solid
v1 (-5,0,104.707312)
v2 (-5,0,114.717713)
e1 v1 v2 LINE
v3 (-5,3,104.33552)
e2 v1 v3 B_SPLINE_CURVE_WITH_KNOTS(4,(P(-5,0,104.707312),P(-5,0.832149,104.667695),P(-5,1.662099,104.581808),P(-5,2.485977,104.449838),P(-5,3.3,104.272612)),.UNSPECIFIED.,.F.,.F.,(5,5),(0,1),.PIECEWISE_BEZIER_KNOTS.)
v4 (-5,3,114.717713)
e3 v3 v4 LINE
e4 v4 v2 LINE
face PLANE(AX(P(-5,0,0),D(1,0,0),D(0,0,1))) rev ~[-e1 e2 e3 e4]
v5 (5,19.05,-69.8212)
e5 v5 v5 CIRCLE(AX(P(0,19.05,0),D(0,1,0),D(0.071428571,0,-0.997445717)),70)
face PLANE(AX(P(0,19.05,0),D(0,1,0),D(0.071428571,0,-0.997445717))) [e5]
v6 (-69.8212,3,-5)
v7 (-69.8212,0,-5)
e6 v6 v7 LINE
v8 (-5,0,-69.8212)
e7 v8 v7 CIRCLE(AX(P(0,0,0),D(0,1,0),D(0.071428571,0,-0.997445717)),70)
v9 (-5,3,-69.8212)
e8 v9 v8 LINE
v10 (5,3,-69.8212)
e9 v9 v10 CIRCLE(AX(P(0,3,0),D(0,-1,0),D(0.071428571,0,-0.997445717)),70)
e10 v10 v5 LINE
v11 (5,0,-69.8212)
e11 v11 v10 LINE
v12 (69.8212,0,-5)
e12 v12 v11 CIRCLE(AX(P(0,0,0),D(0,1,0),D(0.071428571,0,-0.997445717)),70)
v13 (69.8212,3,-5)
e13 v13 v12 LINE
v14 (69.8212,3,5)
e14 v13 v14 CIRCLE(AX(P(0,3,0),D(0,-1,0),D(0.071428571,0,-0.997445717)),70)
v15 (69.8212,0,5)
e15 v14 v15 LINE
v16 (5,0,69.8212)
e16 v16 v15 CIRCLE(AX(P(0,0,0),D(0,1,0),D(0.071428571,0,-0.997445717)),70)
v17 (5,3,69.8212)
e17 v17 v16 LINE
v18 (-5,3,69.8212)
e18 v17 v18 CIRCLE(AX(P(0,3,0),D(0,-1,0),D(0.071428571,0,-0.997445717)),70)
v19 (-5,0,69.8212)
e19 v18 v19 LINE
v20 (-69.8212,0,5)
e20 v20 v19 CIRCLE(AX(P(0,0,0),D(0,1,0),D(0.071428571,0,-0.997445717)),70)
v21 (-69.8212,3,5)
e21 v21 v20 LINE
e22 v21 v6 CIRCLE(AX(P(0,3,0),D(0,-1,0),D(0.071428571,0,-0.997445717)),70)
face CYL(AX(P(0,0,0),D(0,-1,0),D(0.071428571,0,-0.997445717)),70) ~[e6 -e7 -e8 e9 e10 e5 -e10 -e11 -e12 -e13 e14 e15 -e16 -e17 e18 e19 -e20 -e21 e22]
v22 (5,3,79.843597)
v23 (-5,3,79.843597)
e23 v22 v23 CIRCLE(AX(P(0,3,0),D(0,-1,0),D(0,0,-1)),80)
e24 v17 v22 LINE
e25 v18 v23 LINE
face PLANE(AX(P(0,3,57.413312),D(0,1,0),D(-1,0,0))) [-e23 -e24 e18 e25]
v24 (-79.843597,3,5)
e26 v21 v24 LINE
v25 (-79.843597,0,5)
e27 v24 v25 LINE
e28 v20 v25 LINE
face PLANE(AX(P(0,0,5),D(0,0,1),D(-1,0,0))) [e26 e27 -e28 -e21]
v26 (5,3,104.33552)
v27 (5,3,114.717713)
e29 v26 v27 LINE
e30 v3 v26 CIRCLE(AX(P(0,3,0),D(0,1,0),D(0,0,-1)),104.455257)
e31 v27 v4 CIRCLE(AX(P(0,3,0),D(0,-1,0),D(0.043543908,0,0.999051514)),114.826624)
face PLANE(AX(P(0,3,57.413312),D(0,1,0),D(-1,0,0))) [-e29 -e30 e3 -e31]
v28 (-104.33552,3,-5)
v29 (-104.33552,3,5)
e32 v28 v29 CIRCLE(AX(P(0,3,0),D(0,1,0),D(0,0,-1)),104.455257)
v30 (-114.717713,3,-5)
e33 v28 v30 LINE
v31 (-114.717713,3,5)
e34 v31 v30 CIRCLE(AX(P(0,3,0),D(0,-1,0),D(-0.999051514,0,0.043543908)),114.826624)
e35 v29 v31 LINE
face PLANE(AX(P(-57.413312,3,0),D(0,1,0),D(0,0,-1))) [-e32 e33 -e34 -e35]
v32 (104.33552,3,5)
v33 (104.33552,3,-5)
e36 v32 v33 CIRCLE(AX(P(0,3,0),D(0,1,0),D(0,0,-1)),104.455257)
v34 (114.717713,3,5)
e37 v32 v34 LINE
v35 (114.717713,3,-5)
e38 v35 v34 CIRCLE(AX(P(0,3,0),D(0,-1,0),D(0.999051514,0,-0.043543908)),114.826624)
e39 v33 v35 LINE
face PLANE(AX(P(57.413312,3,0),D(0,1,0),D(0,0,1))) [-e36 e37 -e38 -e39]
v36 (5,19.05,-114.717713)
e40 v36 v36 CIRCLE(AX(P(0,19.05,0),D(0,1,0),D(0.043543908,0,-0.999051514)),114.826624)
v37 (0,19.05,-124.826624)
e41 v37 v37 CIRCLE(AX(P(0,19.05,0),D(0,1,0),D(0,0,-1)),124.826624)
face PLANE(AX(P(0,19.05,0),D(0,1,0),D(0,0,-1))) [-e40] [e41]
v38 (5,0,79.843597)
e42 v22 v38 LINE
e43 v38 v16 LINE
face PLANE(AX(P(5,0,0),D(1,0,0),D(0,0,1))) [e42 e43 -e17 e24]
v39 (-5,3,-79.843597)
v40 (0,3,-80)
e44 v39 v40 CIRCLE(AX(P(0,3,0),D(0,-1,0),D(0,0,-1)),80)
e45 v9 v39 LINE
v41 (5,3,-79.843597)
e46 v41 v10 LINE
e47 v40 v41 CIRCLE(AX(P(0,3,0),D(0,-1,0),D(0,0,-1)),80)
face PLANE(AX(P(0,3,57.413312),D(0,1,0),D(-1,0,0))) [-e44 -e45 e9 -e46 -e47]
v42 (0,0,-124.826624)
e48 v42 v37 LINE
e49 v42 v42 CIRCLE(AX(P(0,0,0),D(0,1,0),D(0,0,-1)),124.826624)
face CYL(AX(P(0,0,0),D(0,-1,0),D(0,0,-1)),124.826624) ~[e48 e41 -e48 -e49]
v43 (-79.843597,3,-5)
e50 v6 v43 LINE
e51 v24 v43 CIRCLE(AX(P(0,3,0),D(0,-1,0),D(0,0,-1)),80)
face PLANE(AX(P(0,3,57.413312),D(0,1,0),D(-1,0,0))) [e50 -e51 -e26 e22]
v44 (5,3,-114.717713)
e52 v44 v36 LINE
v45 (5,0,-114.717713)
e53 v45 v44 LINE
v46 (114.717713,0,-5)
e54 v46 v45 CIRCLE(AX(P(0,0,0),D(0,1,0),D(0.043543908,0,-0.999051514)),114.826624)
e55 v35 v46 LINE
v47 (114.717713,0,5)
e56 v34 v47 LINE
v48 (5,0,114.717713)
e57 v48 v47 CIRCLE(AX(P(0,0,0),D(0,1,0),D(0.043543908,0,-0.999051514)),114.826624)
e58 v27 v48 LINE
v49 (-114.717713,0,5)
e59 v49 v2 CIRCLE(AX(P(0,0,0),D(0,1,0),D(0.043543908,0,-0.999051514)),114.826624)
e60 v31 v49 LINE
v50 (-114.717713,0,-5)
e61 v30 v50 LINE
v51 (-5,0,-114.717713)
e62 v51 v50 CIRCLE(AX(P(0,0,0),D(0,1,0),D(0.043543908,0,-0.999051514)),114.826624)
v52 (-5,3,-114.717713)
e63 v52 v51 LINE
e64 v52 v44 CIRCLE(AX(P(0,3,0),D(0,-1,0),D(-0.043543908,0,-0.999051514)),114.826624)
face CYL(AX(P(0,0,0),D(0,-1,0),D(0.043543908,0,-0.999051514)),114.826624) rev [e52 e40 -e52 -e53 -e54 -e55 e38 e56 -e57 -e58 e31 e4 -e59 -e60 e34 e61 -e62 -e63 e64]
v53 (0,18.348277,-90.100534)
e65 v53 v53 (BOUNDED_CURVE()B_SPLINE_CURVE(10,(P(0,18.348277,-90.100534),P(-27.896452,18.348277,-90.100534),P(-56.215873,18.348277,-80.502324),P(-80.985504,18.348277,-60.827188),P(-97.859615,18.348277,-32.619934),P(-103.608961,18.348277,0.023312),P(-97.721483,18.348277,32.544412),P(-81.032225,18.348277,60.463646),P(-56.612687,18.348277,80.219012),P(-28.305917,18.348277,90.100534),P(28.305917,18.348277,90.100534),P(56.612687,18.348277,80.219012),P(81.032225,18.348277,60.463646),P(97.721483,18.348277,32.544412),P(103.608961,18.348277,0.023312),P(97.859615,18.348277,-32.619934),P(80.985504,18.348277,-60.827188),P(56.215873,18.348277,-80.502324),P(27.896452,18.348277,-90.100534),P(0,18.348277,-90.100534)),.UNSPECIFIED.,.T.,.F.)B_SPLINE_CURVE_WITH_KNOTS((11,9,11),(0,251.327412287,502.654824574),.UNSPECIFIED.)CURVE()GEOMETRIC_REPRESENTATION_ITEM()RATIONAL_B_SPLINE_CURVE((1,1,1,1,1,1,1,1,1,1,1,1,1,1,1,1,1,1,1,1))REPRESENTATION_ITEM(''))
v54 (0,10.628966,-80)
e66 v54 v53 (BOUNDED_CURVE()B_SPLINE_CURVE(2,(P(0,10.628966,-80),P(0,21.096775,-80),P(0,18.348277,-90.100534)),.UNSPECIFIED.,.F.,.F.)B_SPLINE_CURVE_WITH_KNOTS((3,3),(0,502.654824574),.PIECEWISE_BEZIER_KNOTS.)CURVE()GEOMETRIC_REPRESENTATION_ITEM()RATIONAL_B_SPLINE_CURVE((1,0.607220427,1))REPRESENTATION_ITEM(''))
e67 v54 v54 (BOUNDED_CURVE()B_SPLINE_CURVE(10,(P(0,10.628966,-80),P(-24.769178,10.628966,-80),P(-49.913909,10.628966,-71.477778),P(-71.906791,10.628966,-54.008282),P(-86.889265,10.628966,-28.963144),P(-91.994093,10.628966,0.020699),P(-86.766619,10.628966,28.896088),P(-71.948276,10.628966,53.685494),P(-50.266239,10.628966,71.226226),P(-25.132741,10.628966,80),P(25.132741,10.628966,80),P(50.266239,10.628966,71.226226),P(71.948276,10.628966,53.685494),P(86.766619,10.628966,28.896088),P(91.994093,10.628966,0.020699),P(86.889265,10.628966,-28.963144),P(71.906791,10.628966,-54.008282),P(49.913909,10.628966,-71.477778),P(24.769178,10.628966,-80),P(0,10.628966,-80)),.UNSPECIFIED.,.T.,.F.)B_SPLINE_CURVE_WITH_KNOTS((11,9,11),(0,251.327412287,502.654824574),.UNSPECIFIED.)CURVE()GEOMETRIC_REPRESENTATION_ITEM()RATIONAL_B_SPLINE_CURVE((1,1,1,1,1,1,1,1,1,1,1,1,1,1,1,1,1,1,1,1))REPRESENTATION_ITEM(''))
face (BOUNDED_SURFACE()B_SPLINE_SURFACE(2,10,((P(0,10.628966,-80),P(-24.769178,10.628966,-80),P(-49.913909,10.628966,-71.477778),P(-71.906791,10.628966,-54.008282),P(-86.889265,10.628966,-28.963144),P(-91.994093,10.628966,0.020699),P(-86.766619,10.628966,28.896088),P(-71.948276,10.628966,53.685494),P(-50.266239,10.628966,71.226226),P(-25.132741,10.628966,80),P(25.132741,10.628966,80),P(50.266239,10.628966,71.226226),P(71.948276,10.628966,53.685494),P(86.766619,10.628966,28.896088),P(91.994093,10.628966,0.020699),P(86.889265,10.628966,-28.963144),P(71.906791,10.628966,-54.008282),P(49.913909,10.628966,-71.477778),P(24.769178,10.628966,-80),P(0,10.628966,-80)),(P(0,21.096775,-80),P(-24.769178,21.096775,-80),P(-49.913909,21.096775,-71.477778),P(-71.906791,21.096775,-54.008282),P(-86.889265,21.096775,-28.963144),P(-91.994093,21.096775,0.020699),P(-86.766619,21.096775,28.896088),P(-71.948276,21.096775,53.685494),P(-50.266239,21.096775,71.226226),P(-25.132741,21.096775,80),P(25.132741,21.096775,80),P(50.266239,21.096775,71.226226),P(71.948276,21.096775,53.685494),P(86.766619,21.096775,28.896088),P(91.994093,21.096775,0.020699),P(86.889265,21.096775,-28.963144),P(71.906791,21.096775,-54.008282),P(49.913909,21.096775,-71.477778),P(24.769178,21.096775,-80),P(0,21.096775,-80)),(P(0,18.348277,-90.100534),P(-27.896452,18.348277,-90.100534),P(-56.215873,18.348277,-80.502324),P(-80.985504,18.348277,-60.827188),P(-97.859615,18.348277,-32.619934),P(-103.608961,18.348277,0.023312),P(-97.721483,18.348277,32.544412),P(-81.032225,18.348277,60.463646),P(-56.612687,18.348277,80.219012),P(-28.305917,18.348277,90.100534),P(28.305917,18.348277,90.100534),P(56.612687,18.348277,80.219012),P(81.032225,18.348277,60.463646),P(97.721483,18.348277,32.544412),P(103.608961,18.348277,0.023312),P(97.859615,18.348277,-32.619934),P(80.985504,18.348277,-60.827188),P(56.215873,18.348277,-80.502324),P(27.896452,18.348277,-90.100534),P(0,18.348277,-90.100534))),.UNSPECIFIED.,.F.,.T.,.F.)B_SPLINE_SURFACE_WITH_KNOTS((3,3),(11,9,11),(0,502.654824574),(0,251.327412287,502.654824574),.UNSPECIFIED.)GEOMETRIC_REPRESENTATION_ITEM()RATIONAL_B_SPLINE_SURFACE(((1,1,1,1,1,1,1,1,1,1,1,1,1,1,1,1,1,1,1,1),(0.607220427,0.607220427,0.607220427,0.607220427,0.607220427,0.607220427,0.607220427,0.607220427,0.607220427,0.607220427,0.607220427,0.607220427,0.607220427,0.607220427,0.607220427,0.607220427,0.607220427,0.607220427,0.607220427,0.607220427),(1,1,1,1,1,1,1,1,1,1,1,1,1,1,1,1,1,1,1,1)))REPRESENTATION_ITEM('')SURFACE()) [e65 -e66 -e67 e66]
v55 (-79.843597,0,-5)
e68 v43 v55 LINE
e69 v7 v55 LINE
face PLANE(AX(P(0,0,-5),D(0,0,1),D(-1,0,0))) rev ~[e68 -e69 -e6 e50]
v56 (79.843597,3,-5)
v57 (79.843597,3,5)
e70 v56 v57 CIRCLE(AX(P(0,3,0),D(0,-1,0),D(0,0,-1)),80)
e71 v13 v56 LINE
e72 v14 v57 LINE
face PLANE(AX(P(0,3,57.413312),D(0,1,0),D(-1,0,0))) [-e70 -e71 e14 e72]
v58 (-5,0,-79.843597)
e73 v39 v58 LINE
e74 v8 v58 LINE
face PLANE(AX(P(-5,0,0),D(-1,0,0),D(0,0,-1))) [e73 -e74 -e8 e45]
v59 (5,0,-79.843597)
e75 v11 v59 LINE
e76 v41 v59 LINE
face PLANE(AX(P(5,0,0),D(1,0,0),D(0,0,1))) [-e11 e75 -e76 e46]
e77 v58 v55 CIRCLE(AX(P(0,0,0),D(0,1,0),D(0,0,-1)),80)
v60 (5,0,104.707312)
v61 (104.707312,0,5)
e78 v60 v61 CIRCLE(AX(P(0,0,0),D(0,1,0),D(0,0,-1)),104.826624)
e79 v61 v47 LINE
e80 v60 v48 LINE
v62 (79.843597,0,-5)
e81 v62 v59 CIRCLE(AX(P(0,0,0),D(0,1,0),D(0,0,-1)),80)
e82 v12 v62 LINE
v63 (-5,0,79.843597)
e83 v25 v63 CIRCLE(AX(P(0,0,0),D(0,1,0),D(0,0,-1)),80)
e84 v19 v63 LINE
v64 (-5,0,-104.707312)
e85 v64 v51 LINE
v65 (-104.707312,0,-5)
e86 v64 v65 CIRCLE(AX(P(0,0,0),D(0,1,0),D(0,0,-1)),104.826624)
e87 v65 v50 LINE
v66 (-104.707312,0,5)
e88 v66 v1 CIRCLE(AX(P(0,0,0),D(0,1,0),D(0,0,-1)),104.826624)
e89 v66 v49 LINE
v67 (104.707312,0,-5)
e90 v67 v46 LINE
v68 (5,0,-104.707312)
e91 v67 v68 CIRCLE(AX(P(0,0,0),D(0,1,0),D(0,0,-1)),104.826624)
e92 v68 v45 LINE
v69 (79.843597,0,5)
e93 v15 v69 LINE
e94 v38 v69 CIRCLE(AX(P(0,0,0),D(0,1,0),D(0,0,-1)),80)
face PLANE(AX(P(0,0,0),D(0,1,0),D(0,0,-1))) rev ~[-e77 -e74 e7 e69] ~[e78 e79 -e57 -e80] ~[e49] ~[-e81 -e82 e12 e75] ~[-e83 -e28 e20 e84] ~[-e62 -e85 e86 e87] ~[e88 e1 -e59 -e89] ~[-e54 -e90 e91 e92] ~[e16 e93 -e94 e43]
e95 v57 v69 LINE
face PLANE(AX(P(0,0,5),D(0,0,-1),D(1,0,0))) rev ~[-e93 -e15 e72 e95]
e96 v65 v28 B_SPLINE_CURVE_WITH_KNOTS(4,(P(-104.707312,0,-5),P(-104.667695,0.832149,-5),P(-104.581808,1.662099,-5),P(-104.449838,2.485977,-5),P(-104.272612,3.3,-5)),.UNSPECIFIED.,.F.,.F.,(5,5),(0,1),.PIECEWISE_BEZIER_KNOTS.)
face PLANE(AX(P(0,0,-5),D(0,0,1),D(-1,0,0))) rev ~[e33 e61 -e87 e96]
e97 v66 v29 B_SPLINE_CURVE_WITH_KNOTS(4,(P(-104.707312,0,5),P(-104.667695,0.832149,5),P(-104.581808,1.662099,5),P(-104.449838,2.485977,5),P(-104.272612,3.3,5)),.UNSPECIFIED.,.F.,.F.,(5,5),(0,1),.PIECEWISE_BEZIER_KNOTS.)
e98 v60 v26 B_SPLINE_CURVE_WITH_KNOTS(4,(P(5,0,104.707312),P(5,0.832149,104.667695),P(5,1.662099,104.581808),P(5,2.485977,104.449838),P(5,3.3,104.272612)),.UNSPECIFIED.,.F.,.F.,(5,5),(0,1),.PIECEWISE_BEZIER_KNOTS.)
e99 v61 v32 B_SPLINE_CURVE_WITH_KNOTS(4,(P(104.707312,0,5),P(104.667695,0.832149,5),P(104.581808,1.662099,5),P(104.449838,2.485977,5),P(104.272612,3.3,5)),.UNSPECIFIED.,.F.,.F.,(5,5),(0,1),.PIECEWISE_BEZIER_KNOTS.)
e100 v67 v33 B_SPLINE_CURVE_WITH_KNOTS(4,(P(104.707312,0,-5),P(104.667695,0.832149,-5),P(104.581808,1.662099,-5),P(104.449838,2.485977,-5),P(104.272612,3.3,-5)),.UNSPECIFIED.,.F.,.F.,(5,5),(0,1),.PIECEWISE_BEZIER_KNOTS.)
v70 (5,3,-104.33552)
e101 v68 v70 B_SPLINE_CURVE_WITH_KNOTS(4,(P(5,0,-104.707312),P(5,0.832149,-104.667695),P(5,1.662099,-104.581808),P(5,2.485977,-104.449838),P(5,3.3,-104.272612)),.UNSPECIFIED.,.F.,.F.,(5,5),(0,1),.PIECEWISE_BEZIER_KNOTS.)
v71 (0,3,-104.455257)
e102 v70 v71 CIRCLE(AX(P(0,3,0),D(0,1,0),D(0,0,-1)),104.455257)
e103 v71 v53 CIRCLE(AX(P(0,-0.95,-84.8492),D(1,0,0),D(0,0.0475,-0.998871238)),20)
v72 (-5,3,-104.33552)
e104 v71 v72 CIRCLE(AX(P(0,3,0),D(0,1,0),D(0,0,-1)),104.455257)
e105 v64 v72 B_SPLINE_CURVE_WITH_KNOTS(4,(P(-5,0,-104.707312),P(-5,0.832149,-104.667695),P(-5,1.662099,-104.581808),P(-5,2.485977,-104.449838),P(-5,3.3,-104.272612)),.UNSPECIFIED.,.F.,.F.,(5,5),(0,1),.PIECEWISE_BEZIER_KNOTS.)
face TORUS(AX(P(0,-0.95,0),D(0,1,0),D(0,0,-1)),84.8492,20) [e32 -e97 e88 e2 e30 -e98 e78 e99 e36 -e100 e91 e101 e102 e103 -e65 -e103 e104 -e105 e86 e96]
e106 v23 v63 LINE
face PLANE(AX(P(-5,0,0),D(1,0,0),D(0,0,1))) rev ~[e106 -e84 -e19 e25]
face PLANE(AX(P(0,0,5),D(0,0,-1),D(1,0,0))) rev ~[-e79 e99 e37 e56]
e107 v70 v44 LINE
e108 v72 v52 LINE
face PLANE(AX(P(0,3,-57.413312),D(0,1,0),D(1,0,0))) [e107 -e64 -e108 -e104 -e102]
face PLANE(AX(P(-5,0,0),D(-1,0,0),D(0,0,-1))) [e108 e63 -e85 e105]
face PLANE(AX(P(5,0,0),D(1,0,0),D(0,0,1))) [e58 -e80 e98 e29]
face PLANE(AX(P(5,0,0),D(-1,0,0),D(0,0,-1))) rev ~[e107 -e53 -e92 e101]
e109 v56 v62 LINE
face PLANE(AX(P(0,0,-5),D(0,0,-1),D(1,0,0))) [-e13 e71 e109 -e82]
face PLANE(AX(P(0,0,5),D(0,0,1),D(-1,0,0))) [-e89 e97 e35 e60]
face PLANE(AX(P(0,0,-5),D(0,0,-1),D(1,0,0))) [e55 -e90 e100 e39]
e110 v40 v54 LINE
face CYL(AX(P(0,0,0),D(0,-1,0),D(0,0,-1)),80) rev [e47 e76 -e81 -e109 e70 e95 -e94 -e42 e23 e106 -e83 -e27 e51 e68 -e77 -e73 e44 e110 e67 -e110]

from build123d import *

# Parameters (mm, degrees)
SKETCH1_R           = 105
SKETCH1_R_2         = 80
BOSS_EXTRUDE1_DEPTH = 19.05
FILLET4_R           = 8
SKETCH6_W           = 10
SKETCH6_H           = 114.826624275
BOSS_EXTRUDE2_DEPTH = 3
CIRPATTERN2_COUNT   = 4
SKETCH5_R           = 124.826624275
SKETCH5_R_2         = 114.826624275
SKETCH5_R_3         = 70
BOSS_EXTRUDE3_DEPTH = 19.05


with BuildPart() as part:
    # Sketch1 → Boss-Extrude1 (new body)
    with BuildSketch(Plane(origin=(0, 0, 0), x_dir=(1, 0, 0), z_dir=(0, 1, 0))):
        with Locations(Location((0, 0, 0), (0, 0, 90))):
            Circle(SKETCH1_R)
        with Locations(Location((0, 0, 0), (0, 0, 90))):
            Circle(SKETCH1_R_2, mode=Mode.SUBTRACT)
    extrude(amount=BOSS_EXTRUDE1_DEPTH)

    # Sketch3 → Cut-Revolve1 (revolve, cut)
    with BuildSketch(Plane.XY, mode=Mode.PRIVATE) as cut_revolve1_sk:
        with BuildLine():
            Line((-84.849199516, 19.05), (-84.849199516, 24.05))
            Line((-84.849199516, 24.05), (-110, 24.05))
            Line((-110, 24.05), (-110, 0))
            Line((-110, 0), (-104.826624275, 0))
            ThreePointArc((-104.826624275, 0), (-98.651373258, 13.524114826), (-84.849199516, 19.05))
        make_face()
    revolve(cut_revolve1_sk.sketch.rotate(Axis((0, 0, 0), (0, 1, 0)), 270), axis=Axis((0, 0, 0), (0, 1, 0)), mode=Mode.SUBTRACT)

    # Fillet4
    fillet4_edges = [part.edges().sort_by_distance(p)[0] for p in [
        (0, 19.05, 80),
    ]]
    fillet(fillet4_edges, radius=FILLET4_R)

    # Sketch6 → Boss-Extrude2 (add)
    with BuildSketch(Plane(origin=(0, 0, 0), x_dir=(1, 0, 0), z_dir=(0, 1, 0))):
        with Locations((0, 57.413312138)):
            Rectangle(SKETCH6_W, SKETCH6_H)
    boss_extrude2 = extrude(amount=BOSS_EXTRUDE2_DEPTH)

    # CirPattern2: Boss-Extrude2 ×4 about axis
    cirpattern2_axis = Axis((0, 0, 0), (0, 1, 0))
    for i in range(1, CIRPATTERN2_COUNT):
        add(boss_extrude2.rotate(cirpattern2_axis, i * 360 / CIRPATTERN2_COUNT))

    # Sketch5 → Boss-Extrude3 (add)
    # profile 1 of 2: a face of its own
    with BuildSketch(Plane(origin=(0, 0, 0), x_dir=(1, 0, 0), z_dir=(0, 1, 0))):
        with Locations(Location((0, 0, 0), (0, 0, 90))):
            Circle(SKETCH5_R)
        with Locations(Location((0, 0, 0), (0, 0, 87.504328744))):
            Circle(SKETCH5_R_2, mode=Mode.SUBTRACT)
    # profile 2 of 2: a face of its own
    with BuildSketch(Plane(origin=(0, 0, 0), x_dir=(1, 0, 0), z_dir=(0, 1, 0))):
        with Locations(Location((0, 0, 0), (0, 0, 85.903956242))):
            Circle(SKETCH5_R_3)
    extrude(amount=BOSS_EXTRUDE3_DEPTH)


solid = part.part
